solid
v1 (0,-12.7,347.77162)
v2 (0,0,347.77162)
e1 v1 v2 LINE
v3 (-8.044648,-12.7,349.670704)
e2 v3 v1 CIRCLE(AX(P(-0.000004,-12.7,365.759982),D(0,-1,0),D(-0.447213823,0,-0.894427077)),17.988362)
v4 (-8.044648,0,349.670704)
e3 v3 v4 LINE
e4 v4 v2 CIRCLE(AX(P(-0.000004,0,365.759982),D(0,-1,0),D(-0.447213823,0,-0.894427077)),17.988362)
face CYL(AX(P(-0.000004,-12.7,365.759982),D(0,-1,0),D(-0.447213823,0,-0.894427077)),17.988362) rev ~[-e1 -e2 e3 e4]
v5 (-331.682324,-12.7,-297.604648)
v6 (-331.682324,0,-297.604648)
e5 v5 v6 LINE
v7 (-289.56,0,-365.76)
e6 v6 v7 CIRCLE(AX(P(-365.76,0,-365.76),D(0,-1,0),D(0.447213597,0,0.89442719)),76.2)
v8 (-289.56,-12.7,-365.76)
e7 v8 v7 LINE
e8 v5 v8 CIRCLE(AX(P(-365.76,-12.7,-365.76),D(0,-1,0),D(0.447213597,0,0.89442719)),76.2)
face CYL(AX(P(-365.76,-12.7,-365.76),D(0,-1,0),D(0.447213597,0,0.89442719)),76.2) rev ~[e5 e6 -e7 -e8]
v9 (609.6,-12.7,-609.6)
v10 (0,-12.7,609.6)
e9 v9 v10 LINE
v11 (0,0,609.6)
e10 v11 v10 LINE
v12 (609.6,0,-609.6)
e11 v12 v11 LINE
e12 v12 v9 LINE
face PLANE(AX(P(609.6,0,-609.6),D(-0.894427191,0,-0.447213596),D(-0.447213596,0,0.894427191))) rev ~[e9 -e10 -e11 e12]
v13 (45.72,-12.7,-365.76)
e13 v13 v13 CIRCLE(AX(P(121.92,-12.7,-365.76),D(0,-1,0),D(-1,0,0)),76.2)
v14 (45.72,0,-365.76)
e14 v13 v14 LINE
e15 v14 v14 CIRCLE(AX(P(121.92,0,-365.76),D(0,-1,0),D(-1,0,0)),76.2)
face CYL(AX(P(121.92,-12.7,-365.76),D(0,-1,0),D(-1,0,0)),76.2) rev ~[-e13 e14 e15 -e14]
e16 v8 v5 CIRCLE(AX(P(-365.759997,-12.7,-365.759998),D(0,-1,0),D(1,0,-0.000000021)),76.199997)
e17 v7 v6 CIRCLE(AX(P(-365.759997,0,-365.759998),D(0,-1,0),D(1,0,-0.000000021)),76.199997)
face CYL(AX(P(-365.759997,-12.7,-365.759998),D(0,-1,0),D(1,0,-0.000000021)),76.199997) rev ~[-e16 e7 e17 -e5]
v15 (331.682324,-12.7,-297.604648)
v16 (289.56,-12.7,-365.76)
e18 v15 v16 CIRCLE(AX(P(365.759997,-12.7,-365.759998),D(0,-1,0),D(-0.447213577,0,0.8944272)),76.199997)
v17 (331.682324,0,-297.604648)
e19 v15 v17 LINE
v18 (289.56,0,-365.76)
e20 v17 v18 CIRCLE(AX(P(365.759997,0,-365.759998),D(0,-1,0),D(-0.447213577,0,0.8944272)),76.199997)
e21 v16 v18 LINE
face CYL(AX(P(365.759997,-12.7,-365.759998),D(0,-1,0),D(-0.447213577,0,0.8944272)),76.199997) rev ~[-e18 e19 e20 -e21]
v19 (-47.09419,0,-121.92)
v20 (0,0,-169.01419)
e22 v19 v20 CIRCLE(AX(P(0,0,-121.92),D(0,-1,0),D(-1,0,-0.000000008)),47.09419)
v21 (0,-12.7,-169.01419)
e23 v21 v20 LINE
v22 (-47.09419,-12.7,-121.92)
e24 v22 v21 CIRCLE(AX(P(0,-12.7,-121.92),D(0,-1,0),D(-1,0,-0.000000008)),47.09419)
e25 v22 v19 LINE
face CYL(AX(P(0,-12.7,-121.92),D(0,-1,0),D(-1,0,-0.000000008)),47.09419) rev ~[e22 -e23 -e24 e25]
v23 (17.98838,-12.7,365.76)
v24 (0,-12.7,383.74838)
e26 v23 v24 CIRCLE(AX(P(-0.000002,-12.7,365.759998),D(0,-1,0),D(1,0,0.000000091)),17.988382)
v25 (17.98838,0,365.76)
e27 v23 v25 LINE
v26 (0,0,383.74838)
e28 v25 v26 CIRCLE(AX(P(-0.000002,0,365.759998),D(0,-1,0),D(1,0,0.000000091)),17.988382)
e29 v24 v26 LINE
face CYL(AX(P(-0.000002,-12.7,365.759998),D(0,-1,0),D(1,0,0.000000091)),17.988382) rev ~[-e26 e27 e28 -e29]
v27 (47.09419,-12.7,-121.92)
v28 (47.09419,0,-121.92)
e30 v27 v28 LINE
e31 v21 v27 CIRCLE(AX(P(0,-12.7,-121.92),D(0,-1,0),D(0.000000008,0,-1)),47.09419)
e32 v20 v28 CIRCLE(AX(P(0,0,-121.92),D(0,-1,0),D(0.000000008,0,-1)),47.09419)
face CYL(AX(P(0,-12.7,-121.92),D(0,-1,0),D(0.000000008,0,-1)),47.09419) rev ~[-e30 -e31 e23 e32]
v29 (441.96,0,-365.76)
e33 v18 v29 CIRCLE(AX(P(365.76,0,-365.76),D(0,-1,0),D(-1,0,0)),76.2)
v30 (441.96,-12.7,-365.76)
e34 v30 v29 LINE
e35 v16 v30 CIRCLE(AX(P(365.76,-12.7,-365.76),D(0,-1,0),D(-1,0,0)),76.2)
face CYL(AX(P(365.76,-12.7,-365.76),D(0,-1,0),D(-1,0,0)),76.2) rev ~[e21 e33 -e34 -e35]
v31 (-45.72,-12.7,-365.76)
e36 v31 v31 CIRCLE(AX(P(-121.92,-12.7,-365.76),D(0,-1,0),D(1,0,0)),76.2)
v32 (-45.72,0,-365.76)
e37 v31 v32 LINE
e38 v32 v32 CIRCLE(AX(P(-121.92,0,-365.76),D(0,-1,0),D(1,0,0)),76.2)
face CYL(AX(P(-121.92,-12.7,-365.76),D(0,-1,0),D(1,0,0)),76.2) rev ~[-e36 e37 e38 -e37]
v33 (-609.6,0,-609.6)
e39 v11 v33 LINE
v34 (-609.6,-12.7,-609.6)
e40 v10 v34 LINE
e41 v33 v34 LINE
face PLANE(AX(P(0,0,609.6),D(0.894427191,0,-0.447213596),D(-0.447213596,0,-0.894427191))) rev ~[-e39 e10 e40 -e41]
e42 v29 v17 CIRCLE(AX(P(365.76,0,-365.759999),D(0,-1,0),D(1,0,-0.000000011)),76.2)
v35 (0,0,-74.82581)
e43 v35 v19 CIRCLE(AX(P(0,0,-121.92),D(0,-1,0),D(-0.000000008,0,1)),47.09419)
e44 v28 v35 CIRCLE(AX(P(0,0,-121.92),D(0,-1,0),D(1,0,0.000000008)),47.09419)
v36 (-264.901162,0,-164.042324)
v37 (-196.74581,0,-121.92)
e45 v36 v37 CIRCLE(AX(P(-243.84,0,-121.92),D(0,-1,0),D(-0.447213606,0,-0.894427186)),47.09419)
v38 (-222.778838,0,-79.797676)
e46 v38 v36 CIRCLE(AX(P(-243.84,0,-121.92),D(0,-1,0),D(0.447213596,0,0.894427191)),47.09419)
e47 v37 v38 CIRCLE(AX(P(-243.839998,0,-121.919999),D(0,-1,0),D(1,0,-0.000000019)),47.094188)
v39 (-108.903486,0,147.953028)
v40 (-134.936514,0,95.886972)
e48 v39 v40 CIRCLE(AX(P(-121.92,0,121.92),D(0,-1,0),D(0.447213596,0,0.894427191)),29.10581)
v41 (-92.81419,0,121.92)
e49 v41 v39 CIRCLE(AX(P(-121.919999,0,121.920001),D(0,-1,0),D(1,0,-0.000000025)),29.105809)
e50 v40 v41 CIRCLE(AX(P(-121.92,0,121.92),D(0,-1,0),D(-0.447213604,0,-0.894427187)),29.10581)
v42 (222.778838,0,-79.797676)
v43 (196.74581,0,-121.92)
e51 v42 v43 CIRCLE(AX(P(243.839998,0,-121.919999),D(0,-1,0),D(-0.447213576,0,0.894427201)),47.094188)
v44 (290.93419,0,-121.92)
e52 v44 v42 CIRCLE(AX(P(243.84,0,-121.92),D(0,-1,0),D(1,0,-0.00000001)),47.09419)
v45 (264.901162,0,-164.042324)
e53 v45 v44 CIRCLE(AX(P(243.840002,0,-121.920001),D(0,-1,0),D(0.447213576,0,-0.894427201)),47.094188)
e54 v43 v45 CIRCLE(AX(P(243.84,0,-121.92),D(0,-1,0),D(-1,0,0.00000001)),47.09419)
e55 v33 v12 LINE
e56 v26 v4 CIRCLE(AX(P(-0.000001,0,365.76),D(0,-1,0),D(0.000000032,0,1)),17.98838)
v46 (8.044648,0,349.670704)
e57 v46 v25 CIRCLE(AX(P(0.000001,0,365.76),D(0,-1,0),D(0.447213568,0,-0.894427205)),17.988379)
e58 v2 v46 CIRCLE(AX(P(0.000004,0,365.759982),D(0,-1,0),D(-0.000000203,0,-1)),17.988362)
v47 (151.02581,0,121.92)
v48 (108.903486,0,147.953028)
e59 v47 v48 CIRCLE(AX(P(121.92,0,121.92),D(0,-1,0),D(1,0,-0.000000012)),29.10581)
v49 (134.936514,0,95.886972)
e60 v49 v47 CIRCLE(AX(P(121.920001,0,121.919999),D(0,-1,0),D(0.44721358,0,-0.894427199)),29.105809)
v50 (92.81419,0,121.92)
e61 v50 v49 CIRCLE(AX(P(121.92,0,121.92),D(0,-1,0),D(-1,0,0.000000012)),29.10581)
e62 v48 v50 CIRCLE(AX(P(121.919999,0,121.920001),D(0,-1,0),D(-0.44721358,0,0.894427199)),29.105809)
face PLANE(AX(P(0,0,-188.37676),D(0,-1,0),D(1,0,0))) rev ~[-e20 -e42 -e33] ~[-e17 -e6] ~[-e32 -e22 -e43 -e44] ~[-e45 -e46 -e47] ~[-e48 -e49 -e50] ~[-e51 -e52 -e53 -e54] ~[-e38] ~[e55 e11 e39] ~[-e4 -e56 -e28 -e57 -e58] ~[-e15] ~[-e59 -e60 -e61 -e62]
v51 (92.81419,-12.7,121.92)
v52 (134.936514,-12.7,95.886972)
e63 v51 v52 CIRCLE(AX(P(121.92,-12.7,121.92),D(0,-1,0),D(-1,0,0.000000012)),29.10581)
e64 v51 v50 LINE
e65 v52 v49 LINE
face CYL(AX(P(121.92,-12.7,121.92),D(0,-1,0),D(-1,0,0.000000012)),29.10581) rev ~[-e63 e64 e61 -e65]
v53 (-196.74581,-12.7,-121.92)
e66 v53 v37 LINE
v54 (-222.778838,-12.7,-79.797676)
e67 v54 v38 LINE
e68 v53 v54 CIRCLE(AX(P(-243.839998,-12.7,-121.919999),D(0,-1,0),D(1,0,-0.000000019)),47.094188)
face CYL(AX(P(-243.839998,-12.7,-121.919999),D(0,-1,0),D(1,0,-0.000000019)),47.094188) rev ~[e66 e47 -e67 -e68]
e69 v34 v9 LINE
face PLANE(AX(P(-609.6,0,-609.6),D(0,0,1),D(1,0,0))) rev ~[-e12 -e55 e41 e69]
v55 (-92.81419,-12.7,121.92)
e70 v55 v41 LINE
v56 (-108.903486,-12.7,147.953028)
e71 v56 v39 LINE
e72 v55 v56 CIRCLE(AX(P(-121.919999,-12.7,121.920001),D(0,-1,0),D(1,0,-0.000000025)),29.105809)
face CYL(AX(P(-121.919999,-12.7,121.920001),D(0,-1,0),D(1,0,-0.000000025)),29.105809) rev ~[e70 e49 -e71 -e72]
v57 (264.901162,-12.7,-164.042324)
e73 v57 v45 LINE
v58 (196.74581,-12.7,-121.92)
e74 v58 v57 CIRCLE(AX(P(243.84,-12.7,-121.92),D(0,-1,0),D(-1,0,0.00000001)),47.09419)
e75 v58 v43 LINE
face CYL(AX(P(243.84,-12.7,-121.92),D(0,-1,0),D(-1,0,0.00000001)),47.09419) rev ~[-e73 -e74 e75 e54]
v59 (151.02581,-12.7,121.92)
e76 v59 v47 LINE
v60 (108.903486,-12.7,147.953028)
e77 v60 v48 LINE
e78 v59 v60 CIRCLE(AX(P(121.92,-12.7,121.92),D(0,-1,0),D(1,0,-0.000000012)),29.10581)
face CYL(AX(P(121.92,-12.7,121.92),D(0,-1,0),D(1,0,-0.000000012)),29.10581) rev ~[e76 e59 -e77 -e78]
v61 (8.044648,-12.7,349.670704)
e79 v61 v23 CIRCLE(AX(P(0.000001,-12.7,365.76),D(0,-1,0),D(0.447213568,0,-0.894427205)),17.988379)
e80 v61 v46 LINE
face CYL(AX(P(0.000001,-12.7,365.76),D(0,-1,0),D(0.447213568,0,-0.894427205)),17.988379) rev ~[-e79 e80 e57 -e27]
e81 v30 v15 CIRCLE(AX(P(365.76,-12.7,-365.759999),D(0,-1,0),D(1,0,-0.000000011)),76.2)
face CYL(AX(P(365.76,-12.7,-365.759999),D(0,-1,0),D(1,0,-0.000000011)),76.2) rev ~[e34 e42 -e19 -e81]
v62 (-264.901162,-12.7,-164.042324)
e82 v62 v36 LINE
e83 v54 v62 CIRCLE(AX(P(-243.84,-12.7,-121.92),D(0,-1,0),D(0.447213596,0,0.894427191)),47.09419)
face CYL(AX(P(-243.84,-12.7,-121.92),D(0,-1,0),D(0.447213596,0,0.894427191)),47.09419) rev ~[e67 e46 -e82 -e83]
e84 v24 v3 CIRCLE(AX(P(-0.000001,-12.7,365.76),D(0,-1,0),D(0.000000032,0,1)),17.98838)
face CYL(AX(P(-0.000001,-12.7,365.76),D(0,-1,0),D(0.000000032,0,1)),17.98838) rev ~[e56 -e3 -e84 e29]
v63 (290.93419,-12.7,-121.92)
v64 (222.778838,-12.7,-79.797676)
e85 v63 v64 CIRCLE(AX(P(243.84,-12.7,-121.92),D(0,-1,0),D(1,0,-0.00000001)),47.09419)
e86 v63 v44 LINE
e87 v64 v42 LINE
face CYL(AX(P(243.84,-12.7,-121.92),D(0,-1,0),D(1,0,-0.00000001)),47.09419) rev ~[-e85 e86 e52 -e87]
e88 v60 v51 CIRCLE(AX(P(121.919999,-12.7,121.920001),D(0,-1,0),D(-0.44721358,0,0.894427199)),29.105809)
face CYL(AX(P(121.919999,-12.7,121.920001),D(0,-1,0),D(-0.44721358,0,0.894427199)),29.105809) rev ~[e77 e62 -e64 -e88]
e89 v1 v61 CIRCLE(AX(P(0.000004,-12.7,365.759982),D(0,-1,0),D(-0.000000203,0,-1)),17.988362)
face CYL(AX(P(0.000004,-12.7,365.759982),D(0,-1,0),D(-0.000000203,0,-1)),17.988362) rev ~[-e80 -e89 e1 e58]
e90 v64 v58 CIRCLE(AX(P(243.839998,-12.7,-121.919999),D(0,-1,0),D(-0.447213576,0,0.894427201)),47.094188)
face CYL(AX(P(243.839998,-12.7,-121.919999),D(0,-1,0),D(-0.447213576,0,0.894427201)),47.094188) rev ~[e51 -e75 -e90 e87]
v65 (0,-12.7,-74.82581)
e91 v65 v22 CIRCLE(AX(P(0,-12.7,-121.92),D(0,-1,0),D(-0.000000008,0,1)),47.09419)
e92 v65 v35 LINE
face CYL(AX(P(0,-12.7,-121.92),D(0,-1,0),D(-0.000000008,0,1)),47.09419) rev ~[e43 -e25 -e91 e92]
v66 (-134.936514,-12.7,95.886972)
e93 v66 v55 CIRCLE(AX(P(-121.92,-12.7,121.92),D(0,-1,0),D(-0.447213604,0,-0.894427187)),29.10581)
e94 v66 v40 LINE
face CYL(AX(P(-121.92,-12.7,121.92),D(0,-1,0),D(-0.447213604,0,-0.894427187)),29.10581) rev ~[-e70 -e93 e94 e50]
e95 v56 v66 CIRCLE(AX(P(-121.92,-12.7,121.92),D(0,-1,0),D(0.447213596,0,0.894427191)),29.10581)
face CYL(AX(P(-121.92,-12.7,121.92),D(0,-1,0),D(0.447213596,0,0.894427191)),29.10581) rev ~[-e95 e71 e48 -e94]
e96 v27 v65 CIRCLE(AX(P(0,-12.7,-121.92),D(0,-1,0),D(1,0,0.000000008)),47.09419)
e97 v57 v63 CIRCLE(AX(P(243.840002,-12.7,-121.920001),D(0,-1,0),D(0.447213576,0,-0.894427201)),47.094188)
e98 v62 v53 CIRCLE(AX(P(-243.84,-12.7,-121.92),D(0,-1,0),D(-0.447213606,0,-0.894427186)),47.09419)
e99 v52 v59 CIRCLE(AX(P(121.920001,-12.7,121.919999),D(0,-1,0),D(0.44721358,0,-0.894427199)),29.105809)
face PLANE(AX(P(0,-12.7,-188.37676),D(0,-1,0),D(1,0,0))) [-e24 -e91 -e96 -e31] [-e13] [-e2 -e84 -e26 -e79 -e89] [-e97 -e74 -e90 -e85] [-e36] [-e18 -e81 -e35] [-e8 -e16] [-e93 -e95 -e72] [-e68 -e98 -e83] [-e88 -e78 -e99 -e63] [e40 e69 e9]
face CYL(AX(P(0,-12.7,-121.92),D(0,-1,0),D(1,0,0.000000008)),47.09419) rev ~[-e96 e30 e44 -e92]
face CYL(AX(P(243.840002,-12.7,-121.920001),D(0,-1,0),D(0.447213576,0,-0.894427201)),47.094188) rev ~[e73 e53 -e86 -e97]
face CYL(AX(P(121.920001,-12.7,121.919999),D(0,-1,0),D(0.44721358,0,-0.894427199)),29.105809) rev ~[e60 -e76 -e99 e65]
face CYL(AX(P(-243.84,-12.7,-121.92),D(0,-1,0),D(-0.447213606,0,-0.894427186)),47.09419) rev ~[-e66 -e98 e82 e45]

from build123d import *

# Parameters (mm, degrees)
F1_DEPTH = 12.7
F3_DEPTH = 12.7


with BuildPart() as f1:
    # F0 (on Front) → F1 (new body)
    with BuildSketch(Plane.XZ):
        Polygon((-609.6, -609.6), (609.6, -609.6), (0, 609.6), align=None)
    extrude(amount=F1_DEPTH)

    # F2 (on face) → F3 (cut)
    with BuildSketch(Plane.XZ.offset(12.7)):
        with BuildLine():
            ThreePointArc((17.98838, 365.76), (12.719705, 378.479705), (0, 383.74838))
            Line((0, 383.74838), (0, 365.76))
            Line((0, 365.76), (8.044648, 349.670704))
            ThreePointArc((8.044648, 349.670704), (15.30183, 356.302949), (17.98838, 365.76))
        make_face()
        with BuildLine():
            Line((0, 365.76), (0, 383.74838))
            ThreePointArc((0, 383.74838), (-17.507173, 369.892883), (-8.044648, 349.670704))
            Line((-8.044648, 349.670704), (0, 365.76))
        make_face()
        with BuildLine():
            Line((0, 347.77162), (0, 365.76))
            Line((0, 365.76), (-8.044648, 349.670704))
            ThreePointArc((-8.044648, 349.670704), (-4.132883, 348.252827), (0, 347.77162))
        make_face()
        with BuildLine():
            Line((8.044648, 349.670704), (0, 365.76))
            Line((0, 365.76), (0, 347.77162))
            ThreePointArc((0, 347.77162), (4.132883, 348.252827), (8.044648, 349.670704))
        make_face()
        with BuildLine():
            Line((-121.92, 121.92), (-108.903486, 147.953028))
            ThreePointArc((-108.903486, 147.953028), (-147.953028, 134.936514), (-134.936514, 95.886972))
            Line((-134.936514, 95.886972), (-121.92, 121.92))
        make_face()
        with BuildLine():
            Line((-92.81419, 121.92), (-121.92, 121.92))
            Line((-121.92, 121.92), (-134.936514, 95.886972))
            ThreePointArc((-134.936514, 95.886972), (-106.61817, 97.161119), (-92.81419, 121.92))
        make_face()
        with BuildLine():
            ThreePointArc((-92.81419, 121.92), (-97.161119, 137.22183), (-108.903486, 147.953028))
            Line((-108.903486, 147.953028), (-121.92, 121.92))
            Line((-121.92, 121.92), (-92.81419, 121.92))
        make_face()
        with BuildLine():
            ThreePointArc((151.02581, 121.92), (137.22183, 146.678881), (108.903486, 147.953028))
            Line((108.903486, 147.953028), (121.92, 121.92))
            Line((121.92, 121.92), (134.936514, 95.886972))
            ThreePointArc((134.936514, 95.886972), (146.678881, 106.61817), (151.02581, 121.92))
        make_face()
        with BuildLine():
            Line((121.92, 121.92), (92.81419, 121.92))
            ThreePointArc((92.81419, 121.92), (106.61817, 97.161119), (134.936514, 95.886972))
            Line((134.936514, 95.886972), (121.92, 121.92))
        make_face()
        with BuildLine():
            Line((121.92, 121.92), (108.903486, 147.953028))
            ThreePointArc((108.903486, 147.953028), (97.161119, 137.22183), (92.81419, 121.92))
            Line((92.81419, 121.92), (121.92, 121.92))
        make_face()
        with BuildLine():
            ThreePointArc((-331.682324, -297.604648), (-430.579592, -405.820711), (-289.56, -365.76))
            Line((-289.56, -365.76), (-365.76, -365.76))
            Line((-365.76, -365.76), (-331.682324, -297.604648))
        make_face()
        with BuildLine():
            Line((-365.76, -365.76), (-289.56, -365.76))
            ThreePointArc((-289.56, -365.76), (-300.940408, -325.699289), (-331.682324, -297.604648))
            Line((-331.682324, -297.604648), (-365.76, -365.76))
        make_face()
        with BuildLine():
            ThreePointArc((-196.74581, -121.92), (-203.779289, -97.161119), (-222.778838, -79.797676))
            Line((-222.778838, -79.797676), (-243.84, -121.92))
            Line((-243.84, -121.92), (-196.74581, -121.92))
        make_face()
        with BuildLine():
            Line((-196.74581, -121.92), (-243.84, -121.92))
            Line((-243.84, -121.92), (-264.901162, -164.042324))
            ThreePointArc((-264.901162, -164.042324), (-219.081119, -161.980711), (-196.74581, -121.92))
        make_face()
        with BuildLine():
            Line((-243.84, -121.92), (-222.778838, -79.797676))
            ThreePointArc((-222.778838, -79.797676), (-285.962324, -100.858838), (-264.901162, -164.042324))
            Line((-264.901162, -164.042324), (-243.84, -121.92))
        make_face()
        with BuildLine():
            Line((0, -121.92), (0, -74.82581))
            ThreePointArc((0, -74.82581), (-33.300621, -88.619379), (-47.09419, -121.92))
            Line((-47.09419, -121.92), (0, -121.92))
        make_face()
        with BuildLine():
            ThreePointArc((47.09419, -121.92), (33.300621, -88.619379), (0, -74.82581))
            Line((0, -74.82581), (0, -121.92))
            Line((0, -121.92), (47.09419, -121.92))
        make_face()
        with BuildLine():
            Line((0, -121.92), (0, -169.01419))
            ThreePointArc((0, -169.01419), (33.300621, -155.220621), (47.09419, -121.92))
            Line((47.09419, -121.92), (0, -121.92))
        make_face()
        with BuildLine():
            ThreePointArc((-47.09419, -121.92), (-33.300621, -155.220621), (0, -169.01419))
            Line((0, -169.01419), (0, -121.92))
            Line((0, -121.92), (-47.09419, -121.92))
        make_face()
        with BuildLine():
            Line((243.84, -121.92), (196.74581, -121.92))
            ThreePointArc((196.74581, -121.92), (219.081119, -161.980711), (264.901162, -164.042324))
            Line((264.901162, -164.042324), (243.84, -121.92))
        make_face()
        with BuildLine():
            ThreePointArc((290.93419, -121.92), (268.598881, -81.859289), (222.778838, -79.797676))
            Line((222.778838, -79.797676), (243.84, -121.92))
            Line((243.84, -121.92), (264.901162, -164.042324))
            ThreePointArc((264.901162, -164.042324), (283.900711, -146.678881), (290.93419, -121.92))
        make_face()
        with BuildLine():
            ThreePointArc((222.778838, -79.797676), (203.779289, -97.161119), (196.74581, -121.92))
            Line((196.74581, -121.92), (243.84, -121.92))
            Line((243.84, -121.92), (222.778838, -79.797676))
        make_face()
        with BuildLine():
            Line((365.76, -365.76), (289.56, -365.76))
            ThreePointArc((289.56, -365.76), (365.76, -441.96), (441.96, -365.76))
            ThreePointArc((441.96, -365.76), (405.820711, -300.940408), (331.682324, -297.604648))
            Line((331.682324, -297.604648), (365.76, -365.76))
        make_face()
        with BuildLine():
            ThreePointArc((331.682324, -297.604648), (300.940408, -325.699289), (289.56, -365.76))
            Line((289.56, -365.76), (365.76, -365.76))
            Line((365.76, -365.76), (331.682324, -297.604648))
        make_face()
        with BuildLine():
            ThreePointArc((198.12, -365.76), (121.92, -289.56), (45.72, -365.76))
            Line((45.72, -365.76), (121.92, -365.76))
            Line((121.92, -365.76), (198.12, -365.76))
        make_face()
        with BuildLine():
            Line((121.92, -365.76), (45.72, -365.76))
            ThreePointArc((45.72, -365.76), (121.92, -441.96), (198.12, -365.76))
            Line((198.12, -365.76), (121.92, -365.76))
        make_face()
        with BuildLine():
            ThreePointArc((-198.12, -365.76), (-121.92, -441.96), (-45.72, -365.76))
            Line((-45.72, -365.76), (-121.92, -365.76))
            Line((-121.92, -365.76), (-198.12, -365.76))
        make_face()
        with BuildLine():
            Line((-121.92, -365.76), (-45.72, -365.76))
            ThreePointArc((-45.72, -365.76), (-121.92, -289.56), (-198.12, -365.76))
            Line((-198.12, -365.76), (-121.92, -365.76))
        make_face()
    extrude(amount=-F3_DEPTH, mode=Mode.SUBTRACT)


solid = f1.part
